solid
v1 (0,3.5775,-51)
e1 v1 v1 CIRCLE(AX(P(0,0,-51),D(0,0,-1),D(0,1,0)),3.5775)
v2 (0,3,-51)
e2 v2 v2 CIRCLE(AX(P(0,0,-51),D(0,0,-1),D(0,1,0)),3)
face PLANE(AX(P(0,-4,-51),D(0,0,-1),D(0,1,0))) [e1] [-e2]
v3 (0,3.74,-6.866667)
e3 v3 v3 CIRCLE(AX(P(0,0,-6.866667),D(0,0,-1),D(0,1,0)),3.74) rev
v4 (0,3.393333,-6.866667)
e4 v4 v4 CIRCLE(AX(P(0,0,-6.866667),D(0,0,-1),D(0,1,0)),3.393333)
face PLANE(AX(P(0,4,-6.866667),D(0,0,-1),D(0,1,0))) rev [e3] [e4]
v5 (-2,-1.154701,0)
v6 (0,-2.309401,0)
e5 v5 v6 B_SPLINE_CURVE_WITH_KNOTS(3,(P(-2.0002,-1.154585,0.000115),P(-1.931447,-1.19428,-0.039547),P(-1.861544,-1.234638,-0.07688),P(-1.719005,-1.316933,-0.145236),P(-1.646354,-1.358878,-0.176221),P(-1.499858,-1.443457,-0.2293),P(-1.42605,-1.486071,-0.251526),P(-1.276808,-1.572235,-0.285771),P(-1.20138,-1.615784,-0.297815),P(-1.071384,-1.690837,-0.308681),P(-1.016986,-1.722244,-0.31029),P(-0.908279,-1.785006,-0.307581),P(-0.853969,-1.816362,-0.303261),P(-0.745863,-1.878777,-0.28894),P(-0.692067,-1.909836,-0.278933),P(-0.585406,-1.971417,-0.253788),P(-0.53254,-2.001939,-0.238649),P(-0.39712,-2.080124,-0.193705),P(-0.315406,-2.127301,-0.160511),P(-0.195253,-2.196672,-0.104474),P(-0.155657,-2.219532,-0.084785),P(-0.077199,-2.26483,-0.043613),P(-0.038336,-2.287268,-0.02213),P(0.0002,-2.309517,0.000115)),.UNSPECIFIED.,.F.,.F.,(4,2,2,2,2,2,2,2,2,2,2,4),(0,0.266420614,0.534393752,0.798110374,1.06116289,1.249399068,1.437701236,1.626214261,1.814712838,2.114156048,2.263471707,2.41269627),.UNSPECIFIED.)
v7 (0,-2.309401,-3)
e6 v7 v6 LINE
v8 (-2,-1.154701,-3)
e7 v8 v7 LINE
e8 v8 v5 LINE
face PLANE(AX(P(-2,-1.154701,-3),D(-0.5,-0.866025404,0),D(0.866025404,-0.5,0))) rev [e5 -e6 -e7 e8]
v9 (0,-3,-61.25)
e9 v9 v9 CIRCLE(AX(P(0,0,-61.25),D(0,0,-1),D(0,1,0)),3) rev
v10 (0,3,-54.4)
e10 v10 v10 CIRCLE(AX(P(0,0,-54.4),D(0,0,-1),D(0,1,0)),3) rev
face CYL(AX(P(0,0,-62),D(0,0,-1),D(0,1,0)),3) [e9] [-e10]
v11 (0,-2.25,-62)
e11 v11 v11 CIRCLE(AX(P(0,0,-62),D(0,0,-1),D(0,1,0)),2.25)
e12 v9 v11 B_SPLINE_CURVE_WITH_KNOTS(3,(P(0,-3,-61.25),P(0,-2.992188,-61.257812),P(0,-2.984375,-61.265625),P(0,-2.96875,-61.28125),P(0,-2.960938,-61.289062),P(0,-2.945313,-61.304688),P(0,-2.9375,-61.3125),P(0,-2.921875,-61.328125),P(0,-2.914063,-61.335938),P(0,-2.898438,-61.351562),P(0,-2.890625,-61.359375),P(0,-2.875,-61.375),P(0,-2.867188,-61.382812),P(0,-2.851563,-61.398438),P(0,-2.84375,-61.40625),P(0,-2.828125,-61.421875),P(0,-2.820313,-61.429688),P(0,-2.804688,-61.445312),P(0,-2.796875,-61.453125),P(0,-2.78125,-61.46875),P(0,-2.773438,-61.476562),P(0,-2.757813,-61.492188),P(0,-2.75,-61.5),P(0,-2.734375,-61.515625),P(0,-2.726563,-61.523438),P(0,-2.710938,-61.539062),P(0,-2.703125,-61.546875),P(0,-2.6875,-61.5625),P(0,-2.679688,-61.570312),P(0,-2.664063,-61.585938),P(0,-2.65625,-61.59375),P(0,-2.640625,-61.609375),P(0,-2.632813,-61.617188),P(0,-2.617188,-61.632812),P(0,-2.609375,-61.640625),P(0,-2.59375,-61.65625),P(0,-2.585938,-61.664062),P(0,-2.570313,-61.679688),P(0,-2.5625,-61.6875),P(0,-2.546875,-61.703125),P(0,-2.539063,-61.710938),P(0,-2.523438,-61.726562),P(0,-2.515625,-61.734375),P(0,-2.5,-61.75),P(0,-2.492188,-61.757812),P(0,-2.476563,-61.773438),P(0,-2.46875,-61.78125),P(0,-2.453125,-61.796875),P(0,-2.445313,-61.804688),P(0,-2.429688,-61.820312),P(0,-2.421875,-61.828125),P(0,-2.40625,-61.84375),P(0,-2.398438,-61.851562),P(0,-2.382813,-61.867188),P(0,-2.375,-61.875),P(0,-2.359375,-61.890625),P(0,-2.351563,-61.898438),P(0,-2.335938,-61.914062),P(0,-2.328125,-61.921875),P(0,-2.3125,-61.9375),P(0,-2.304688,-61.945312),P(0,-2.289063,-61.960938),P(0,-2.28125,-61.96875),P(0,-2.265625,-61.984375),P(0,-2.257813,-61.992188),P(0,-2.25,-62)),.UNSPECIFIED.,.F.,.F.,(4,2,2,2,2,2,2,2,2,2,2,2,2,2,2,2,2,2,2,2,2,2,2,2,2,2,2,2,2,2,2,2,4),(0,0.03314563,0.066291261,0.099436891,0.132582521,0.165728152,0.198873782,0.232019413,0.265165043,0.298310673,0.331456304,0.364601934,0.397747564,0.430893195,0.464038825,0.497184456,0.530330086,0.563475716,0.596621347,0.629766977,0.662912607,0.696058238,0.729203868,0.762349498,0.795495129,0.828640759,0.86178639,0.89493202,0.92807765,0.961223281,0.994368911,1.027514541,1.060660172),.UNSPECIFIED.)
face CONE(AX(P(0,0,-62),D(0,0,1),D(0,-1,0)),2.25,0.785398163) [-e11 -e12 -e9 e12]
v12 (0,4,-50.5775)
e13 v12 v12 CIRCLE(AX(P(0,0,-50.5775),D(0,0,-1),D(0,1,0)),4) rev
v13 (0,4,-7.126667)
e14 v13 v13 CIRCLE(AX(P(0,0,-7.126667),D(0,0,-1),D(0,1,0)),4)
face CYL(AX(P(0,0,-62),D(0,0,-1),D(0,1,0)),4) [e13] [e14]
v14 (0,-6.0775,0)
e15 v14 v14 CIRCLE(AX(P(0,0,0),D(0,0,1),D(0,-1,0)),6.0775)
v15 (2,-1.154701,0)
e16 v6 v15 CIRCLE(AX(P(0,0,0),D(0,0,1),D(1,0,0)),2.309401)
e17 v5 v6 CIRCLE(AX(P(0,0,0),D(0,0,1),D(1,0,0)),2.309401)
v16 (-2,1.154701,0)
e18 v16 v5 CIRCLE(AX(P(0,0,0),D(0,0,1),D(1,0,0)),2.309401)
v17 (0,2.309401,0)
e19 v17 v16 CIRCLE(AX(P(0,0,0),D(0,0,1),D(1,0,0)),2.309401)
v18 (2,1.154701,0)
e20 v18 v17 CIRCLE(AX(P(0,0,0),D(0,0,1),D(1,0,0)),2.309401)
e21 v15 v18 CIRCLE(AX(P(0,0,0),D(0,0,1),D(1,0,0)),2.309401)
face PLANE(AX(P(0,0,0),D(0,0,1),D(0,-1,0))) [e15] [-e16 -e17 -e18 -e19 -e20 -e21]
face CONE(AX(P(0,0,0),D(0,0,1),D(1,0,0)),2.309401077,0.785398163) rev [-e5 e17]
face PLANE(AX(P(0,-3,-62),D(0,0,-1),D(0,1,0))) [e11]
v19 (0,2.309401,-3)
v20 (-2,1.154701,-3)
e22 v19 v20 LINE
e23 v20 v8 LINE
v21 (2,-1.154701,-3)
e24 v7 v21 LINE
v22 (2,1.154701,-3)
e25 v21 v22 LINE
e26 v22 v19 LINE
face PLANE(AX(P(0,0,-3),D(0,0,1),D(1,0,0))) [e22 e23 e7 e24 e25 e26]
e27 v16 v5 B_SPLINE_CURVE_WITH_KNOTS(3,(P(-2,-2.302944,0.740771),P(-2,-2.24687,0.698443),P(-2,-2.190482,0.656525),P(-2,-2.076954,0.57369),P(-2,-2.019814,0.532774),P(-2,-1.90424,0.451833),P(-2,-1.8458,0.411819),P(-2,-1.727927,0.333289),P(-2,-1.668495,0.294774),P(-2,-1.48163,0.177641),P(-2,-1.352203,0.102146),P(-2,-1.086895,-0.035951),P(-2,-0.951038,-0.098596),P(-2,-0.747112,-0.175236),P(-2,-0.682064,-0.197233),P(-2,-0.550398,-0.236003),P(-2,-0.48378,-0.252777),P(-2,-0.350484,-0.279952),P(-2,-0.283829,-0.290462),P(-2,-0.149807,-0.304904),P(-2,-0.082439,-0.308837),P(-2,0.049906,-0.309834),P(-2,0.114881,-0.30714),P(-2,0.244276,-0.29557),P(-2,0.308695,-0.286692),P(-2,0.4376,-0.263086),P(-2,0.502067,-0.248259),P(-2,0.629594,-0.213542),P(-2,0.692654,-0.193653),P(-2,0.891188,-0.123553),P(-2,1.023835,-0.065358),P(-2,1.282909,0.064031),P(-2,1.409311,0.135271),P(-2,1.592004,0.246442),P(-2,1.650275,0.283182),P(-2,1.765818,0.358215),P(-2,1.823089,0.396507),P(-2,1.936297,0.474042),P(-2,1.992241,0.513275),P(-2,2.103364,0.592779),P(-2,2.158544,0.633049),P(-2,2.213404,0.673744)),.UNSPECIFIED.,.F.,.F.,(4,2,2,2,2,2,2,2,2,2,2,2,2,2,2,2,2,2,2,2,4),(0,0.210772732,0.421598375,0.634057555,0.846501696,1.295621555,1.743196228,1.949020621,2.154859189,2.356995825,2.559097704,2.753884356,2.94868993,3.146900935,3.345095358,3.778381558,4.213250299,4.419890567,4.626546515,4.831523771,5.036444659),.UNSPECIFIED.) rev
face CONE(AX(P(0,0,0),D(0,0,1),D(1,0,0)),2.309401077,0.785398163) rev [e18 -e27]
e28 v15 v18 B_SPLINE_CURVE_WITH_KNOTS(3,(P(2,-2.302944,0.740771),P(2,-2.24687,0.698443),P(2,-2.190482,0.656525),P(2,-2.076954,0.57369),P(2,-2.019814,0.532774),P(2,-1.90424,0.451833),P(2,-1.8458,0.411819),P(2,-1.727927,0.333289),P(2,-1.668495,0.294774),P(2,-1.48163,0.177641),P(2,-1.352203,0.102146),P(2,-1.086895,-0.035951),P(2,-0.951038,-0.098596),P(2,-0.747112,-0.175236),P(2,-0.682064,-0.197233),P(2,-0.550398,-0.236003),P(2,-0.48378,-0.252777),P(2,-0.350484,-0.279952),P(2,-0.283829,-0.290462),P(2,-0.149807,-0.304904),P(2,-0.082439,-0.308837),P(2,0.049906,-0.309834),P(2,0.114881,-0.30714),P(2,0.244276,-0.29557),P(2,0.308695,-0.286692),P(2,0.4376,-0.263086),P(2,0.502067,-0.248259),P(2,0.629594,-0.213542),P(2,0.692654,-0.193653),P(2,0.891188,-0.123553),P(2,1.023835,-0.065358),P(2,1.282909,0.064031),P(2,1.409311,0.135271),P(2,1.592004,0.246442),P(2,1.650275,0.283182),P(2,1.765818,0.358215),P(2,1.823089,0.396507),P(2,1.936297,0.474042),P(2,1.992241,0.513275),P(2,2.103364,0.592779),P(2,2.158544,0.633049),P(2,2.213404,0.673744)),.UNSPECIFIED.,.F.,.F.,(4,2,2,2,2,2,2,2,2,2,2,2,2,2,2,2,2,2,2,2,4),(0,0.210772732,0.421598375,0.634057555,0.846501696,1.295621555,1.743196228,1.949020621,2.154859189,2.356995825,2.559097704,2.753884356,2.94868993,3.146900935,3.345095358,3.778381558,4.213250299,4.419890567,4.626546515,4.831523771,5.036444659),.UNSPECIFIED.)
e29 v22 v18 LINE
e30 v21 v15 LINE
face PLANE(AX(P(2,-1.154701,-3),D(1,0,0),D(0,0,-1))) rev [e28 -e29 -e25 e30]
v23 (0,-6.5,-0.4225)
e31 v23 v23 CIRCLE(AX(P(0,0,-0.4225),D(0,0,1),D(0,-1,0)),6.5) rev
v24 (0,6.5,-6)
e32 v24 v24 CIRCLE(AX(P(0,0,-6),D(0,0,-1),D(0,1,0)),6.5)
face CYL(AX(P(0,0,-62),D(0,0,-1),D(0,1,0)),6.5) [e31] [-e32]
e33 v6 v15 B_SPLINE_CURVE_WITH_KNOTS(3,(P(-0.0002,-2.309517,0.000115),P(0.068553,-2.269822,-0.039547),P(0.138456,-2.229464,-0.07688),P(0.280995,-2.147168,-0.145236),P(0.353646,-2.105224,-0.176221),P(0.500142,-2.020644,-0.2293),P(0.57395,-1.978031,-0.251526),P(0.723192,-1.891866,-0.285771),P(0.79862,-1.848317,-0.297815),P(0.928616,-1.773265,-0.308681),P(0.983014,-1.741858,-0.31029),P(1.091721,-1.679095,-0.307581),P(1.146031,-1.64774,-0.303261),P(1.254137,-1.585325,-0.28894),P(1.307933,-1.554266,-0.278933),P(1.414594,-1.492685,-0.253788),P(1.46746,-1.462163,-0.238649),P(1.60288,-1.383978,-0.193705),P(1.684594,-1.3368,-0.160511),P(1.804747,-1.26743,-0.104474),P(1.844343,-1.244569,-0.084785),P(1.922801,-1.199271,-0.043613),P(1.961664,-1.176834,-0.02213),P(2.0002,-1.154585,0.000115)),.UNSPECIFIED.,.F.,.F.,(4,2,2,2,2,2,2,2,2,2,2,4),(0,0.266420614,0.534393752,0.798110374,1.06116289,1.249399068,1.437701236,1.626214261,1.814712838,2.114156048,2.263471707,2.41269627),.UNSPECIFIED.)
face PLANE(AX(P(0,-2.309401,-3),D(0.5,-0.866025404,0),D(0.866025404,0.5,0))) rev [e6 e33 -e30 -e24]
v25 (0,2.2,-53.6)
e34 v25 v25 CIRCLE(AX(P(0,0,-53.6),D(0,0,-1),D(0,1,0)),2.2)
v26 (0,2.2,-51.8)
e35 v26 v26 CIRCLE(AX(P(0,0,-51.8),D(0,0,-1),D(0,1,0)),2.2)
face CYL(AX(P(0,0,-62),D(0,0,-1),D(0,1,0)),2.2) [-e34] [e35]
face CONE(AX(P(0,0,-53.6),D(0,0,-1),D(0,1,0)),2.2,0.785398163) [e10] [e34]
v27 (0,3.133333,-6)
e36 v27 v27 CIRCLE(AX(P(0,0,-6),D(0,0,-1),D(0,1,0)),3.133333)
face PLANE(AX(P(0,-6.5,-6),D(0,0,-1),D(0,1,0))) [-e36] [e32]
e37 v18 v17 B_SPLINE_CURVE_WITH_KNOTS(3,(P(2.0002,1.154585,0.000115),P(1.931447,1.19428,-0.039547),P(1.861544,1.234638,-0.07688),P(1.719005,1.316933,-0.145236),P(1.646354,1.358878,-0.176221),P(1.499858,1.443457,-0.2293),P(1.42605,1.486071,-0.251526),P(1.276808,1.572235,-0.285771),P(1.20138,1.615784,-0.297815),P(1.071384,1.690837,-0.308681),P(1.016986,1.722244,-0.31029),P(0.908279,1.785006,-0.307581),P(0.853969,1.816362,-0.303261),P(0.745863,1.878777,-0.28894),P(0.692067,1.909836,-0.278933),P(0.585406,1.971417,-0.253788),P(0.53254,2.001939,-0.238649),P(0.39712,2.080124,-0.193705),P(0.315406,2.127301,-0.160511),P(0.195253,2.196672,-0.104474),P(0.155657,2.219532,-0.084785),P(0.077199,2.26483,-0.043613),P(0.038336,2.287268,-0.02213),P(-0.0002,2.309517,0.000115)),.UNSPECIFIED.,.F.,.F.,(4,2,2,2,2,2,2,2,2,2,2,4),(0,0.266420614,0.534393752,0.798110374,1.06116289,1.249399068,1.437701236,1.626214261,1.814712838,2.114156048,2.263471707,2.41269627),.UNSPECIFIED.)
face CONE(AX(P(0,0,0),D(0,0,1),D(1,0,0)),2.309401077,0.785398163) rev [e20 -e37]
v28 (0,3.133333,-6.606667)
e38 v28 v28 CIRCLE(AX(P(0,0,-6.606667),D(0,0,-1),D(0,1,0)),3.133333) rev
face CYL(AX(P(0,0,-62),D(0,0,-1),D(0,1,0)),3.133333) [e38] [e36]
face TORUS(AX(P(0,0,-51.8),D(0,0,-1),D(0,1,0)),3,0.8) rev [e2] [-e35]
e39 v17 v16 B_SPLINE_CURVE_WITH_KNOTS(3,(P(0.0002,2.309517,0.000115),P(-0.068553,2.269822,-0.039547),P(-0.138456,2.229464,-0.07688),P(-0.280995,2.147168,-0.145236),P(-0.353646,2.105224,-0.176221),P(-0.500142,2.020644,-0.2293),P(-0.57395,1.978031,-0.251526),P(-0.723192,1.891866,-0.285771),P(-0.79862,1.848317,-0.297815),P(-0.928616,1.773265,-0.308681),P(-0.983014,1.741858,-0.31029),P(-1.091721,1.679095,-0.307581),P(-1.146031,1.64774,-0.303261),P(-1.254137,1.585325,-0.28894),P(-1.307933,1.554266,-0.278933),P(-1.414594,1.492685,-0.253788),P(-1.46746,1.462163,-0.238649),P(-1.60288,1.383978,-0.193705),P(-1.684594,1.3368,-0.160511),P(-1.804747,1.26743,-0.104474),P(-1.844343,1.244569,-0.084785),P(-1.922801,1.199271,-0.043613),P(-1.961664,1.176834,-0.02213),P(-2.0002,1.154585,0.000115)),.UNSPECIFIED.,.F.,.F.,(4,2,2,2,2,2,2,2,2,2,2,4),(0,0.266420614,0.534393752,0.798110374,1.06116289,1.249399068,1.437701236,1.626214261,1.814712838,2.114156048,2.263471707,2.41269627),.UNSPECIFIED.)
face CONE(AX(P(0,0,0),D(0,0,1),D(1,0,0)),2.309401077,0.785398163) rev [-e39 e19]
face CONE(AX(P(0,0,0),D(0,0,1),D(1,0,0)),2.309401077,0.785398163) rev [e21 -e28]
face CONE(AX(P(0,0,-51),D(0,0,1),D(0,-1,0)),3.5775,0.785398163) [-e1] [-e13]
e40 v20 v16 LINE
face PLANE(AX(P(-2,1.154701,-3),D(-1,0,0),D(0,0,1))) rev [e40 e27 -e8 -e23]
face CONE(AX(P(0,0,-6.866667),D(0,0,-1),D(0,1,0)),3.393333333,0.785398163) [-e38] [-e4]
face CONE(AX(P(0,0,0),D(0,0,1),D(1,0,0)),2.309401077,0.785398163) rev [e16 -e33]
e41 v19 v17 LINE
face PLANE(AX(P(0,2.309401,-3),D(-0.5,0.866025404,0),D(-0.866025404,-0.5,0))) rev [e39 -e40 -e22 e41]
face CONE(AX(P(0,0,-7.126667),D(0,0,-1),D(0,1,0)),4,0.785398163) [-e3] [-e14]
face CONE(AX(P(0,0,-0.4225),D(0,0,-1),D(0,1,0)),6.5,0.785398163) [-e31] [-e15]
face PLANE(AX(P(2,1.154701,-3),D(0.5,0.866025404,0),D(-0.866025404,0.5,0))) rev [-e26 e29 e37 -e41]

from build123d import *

# Parameters (mm, degrees)
SKETCH12_W         = 0.866666667
SKETCH12_H         = 0.866666667
CHAMFER3_SIZE      = 0.26
CHAMFER1_SIZE      = 0.75
CHAMFER2_SIZE      = 0.4225
CUT_EXTRUDE2_DEPTH = 3


with BuildPart() as part:
    # Sketch1 → Revolve1 (revolve)
    with BuildSketch(Plane(origin=(0, 0, 0), x_dir=(0, 0, -1), z_dir=(1, 0, 0))):
        Polygon((0, 6.5), (6, 6.5), (6, 4), (51, 4), (51, 3), (62, 3), (62, 0), (0, 0), align=None)
    revolve(axis=Axis((0, 0, -62), (0, 0, 1)))

    # Sketch12 → Cut-Revolve2 (revolve, cut)
    with BuildSketch(Plane(origin=(0, 0, 0), x_dir=(0, 0, -1), z_dir=(1, 0, 0))):
        with Locations((6.433333334, 3.566666667)):
            Rectangle(SKETCH12_W, SKETCH12_H)
    revolve(axis=Axis((0, 0, -62), (0, 0, 1)), mode=Mode.SUBTRACT)

    # Chamfer3
    chamfer3_edges = [part.edges().sort_by_distance(p)[0] for p in [
        (0, -3.133333333, -6.866666667),
        (0, -4, -6.866666667),
    ]]
    chamfer(chamfer3_edges, length=CHAMFER3_SIZE)

    # Sketch5 → Cut-Revolve1 (revolve, cut)
    with BuildSketch(Plane(origin=(0, 0, 0), x_dir=(0, 0, -1), z_dir=(1, 0, 0))):
        with BuildLine():
            Line((51, 4), (55.4, 4))
            Line((55.4, 4), (53.6, 2.2))
            Line((53.6, 2.2), (51.8, 2.2))
            ThreePointArc((51.8, 2.2), (51.234314575, 2.434314575), (51, 3))
            Line((51, 3), (51, 4))
        make_face()
    revolve(axis=Axis((0, 0, -62), (0, 0, 1)), mode=Mode.SUBTRACT)

    # Chamfer1
    chamfer1_edges = [part.edges().sort_by_distance(p)[0] for p in [
        (0, -3, -62),
    ]]
    chamfer(chamfer1_edges, length=CHAMFER1_SIZE)

    # Chamfer2
    chamfer2_edges = [part.edges().sort_by_distance(p)[0] for p in [
        (0, -4, -51),
        (0, -6.5, 0),
    ]]
    chamfer(chamfer2_edges, length=CHAMFER2_SIZE)

    # Sketch8 → Cut-Extrude2 (cut)
    with BuildSketch(Plane.XY):
        Polygon((2, 1.154700538), (0, 2.309401077), (-2, 1.154700538), (-2, -1.154700538), (0, -2.309401077), (2, -1.154700538), align=None)
    extrude(amount=-CUT_EXTRUDE2_DEPTH, mode=Mode.SUBTRACT)

    # Cut-Extrude4 cone 1 section (through the dimple's axis) → Cut-Extrude4 (revolve, cut)
    with BuildSketch(Plane(origin=(0, 0, 0), x_dir=(0, -1, 0), z_dir=(1, 0, 0))):
        Polygon((0, 0), (2.309401077, 0), (0, 2.309401077), align=None)
    revolve(axis=Axis((0, 0, 0), (0, 0, -1)), mode=Mode.SUBTRACT)


solid = part.part
